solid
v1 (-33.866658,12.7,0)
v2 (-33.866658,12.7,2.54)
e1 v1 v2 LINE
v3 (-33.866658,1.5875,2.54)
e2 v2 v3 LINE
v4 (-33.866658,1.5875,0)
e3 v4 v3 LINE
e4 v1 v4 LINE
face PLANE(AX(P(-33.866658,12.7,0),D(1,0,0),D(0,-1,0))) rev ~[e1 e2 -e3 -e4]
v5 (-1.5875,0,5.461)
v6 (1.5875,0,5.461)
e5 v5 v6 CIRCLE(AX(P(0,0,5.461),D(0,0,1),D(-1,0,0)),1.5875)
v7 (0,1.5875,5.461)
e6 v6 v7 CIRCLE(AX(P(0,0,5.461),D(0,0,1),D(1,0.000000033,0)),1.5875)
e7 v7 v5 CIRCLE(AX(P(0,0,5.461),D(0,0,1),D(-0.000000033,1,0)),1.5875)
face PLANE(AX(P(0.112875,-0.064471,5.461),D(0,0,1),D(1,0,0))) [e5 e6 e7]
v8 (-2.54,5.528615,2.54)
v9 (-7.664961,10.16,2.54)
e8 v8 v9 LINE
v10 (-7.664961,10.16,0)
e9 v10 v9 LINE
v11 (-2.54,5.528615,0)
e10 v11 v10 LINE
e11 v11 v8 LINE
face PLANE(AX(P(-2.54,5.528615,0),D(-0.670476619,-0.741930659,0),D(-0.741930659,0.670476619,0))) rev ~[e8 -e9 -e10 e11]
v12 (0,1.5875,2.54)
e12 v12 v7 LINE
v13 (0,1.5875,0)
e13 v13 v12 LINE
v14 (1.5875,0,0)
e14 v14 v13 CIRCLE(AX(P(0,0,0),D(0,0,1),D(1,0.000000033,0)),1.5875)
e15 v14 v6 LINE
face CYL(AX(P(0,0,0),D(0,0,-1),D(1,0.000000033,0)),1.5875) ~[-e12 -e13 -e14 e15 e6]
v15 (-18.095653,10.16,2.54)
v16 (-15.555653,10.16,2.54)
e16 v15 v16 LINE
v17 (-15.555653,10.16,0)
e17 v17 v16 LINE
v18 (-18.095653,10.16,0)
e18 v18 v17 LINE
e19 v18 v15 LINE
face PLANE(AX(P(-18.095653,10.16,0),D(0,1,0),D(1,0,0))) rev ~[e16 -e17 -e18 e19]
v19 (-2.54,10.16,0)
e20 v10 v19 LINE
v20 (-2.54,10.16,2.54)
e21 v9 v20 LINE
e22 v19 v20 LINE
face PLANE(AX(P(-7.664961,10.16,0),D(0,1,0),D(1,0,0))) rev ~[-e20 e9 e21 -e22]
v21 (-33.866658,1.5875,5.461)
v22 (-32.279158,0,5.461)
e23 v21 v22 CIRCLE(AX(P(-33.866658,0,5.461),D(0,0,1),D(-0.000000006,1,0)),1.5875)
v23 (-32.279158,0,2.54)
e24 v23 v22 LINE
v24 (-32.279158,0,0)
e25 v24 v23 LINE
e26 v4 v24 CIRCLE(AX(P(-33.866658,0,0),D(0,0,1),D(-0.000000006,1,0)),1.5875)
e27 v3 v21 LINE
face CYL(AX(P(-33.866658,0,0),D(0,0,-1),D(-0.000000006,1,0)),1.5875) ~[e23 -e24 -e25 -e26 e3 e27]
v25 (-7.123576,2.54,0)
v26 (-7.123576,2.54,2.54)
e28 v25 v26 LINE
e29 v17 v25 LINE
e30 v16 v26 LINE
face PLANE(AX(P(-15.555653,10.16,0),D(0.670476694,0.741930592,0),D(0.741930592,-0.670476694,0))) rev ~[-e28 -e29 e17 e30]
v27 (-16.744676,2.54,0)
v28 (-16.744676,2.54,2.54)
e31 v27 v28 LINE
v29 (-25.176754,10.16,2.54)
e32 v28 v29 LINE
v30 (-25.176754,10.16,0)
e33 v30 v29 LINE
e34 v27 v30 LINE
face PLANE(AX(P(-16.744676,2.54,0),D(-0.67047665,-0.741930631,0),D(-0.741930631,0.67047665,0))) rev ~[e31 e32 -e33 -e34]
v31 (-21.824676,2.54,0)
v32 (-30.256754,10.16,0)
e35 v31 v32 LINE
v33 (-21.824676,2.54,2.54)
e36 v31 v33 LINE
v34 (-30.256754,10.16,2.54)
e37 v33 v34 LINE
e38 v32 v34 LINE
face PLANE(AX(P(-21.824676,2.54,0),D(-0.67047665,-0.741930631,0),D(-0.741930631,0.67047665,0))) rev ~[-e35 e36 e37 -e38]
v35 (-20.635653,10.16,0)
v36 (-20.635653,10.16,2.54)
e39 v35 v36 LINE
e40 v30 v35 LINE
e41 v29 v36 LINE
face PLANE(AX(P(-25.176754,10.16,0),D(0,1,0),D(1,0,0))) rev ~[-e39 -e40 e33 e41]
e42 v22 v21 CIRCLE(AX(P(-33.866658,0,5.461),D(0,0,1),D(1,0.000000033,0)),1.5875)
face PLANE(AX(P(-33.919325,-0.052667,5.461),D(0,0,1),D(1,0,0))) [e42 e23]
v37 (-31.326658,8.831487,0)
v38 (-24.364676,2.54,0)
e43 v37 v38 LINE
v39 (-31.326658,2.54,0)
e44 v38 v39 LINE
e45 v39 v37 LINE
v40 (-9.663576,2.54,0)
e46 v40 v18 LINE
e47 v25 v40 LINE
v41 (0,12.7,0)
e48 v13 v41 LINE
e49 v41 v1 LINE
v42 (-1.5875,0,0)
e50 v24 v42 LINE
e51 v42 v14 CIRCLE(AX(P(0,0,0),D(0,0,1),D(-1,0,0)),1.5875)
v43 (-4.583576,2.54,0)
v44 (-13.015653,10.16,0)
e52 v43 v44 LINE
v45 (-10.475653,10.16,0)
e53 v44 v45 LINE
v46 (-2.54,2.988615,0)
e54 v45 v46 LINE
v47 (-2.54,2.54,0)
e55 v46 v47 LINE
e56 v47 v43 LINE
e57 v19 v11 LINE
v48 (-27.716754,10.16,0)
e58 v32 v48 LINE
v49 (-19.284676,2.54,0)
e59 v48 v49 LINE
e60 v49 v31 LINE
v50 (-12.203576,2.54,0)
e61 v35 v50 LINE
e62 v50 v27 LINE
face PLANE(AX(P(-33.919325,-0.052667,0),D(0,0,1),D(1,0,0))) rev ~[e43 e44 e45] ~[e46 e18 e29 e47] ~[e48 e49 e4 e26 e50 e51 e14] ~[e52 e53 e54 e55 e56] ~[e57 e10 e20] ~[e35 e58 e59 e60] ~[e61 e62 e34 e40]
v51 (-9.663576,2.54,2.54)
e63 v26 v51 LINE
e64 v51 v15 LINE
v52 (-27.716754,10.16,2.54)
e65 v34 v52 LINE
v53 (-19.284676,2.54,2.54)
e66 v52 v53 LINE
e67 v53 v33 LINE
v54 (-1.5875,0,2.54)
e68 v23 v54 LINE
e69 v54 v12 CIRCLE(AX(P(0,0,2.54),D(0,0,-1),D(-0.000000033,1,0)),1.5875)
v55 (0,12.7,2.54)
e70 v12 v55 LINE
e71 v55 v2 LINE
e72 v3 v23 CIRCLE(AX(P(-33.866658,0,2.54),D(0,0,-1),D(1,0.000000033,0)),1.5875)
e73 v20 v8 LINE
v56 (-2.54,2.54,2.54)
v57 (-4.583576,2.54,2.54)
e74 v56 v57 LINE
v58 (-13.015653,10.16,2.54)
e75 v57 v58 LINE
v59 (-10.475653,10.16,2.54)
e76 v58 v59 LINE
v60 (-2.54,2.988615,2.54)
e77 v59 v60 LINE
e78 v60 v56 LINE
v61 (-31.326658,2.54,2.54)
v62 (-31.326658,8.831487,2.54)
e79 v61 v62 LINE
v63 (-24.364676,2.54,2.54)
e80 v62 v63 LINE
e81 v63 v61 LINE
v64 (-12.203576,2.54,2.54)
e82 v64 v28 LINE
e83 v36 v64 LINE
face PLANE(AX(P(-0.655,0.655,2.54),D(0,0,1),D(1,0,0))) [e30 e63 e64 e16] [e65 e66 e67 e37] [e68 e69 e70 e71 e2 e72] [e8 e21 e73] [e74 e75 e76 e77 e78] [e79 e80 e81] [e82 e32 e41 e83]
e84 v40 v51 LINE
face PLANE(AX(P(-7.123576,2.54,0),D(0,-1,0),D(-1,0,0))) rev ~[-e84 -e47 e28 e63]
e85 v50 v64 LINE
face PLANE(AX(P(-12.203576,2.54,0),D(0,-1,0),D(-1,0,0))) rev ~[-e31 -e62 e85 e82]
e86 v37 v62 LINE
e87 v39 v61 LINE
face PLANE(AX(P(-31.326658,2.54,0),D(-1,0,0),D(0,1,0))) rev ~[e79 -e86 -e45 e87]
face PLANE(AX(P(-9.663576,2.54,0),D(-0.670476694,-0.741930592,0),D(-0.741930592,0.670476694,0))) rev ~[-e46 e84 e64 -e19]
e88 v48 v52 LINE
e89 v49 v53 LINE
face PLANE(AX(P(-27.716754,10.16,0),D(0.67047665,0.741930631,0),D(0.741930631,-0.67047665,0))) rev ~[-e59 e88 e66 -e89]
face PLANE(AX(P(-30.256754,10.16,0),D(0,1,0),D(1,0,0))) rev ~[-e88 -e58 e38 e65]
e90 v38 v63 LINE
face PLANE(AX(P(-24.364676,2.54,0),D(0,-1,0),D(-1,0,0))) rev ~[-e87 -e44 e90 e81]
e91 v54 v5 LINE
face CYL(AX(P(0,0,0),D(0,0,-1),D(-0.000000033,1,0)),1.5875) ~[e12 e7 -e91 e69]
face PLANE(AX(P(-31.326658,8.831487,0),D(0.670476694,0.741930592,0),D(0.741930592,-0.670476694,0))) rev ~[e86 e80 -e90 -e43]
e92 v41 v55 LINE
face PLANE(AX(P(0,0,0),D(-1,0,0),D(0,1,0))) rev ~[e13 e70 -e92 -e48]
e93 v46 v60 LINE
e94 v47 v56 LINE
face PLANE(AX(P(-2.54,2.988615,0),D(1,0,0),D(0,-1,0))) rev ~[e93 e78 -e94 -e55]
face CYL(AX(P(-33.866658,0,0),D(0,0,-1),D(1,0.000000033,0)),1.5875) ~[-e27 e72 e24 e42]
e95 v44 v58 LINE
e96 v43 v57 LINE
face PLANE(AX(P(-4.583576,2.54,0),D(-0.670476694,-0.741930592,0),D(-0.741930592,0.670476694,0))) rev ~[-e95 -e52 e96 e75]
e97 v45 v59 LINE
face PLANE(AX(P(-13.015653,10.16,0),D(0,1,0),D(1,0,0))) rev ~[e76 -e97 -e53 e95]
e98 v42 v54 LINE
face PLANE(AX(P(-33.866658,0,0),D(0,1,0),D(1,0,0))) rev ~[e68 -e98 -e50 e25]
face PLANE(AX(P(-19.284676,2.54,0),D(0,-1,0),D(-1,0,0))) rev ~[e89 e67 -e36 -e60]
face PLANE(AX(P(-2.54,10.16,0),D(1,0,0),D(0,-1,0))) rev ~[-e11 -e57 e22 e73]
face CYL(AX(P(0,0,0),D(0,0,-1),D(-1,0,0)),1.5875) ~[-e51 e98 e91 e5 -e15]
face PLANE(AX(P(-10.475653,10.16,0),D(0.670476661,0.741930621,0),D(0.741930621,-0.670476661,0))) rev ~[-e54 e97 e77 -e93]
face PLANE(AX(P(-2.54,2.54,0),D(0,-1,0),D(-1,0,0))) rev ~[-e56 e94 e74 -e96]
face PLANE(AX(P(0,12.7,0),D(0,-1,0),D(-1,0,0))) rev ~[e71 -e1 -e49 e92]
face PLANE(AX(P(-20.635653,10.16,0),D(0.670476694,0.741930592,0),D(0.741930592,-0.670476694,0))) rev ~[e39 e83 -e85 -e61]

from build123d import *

# Parameters (mm, degrees)
F1_DEPTH = 2.54
F2_DEPTH = 5.461


with BuildPart() as f1:
    # F0 (on Top) → F1 (new body)
    with BuildSketch(Plane.XY):
        with BuildLine():
            Line((0, 0), (0, 1.5875))
            ThreePointArc((0, 1.5875), (-1.122532, 1.122532), (-1.5875, 0))
            Line((-1.5875, 0), (0, 0))
        make_face()
        with BuildLine():
            ThreePointArc((-32.279158, 0), (-32.744126, 1.122532), (-33.866658, 1.5875))
            Line((-33.866658, 1.5875), (-33.866658, 0))
            Line((-33.866658, 0), (-32.279158, 0))
        make_face()
        with BuildLine():
            ThreePointArc((-1.5875, 0), (-1.122532, 1.122532), (0, 1.5875))
            Line((0, 1.5875), (0, 12.7))
            Line((0, 12.7), (-33.866658, 12.7))
            Line((-33.866658, 12.7), (-33.866658, 9.68375))
            Line((-33.866658, 9.68375), (-33.866658, 7.14375))
            Line((-33.866658, 7.14375), (-33.866658, 1.5875))
            ThreePointArc((-33.866658, 1.5875), (-32.744126, 1.122532), (-32.279158, 0))
            Line((-32.279158, 0), (-25.961585, 0))
            Line((-25.961585, 0), (-23.421585, 0))
            Line((-23.421585, 0), (-16.473984, 0))
            Line((-16.473984, 0), (-13.933984, 0))
            Line((-13.933984, 0), (-1.5875, 0))
        make_face()
        Polygon((-30.256754, 10.16), (-27.716754, 10.16), (-25.176754, 10.16), (-20.635653, 10.16), (-18.095653, 10.16), (-15.555653, 10.16), (-13.015653, 10.16), (-10.475653, 10.16), (-7.664961, 10.16), (-2.54, 10.16), (-2.54, 5.528615), (-2.54, 2.988615), (-2.54, 2.54), (-4.583576, 2.54), (-7.123576, 2.54), (-9.663576, 2.54), (-12.203576, 2.54), (-16.744676, 2.54), (-19.284676, 2.54), (-21.824676, 2.54), (-24.364676, 2.54), (-31.326658, 2.54), (-31.326658, 8.831487), (-31.326658, 10.16), align=None, mode=Mode.SUBTRACT)
        Polygon((-25.176754, 10.16), (-27.716754, 10.16), (-19.284676, 2.54), (-16.744676, 2.54), align=None)
        Polygon((-21.824676, 2.54), (-30.256754, 10.16), (-31.326658, 10.16), (-31.326658, 8.831487), (-24.364676, 2.54), align=None)
        Polygon((-18.095653, 10.16), (-20.635653, 10.16), (-12.203576, 2.54), (-9.663576, 2.54), align=None)
        Polygon((-13.015653, 10.16), (-15.555653, 10.16), (-7.123576, 2.54), (-4.583576, 2.54), align=None)
        Polygon((-7.664961, 10.16), (-10.475653, 10.16), (-2.54, 2.988615), (-2.54, 5.528615), align=None)
    extrude(amount=F1_DEPTH)

    # F0 (on Top) → F2 (join)
    with BuildSketch(Plane.XY):
        with BuildLine():
            Line((-33.866658, 0), (-33.866658, 1.5875))
            ThreePointArc((-33.866658, 1.5875), (-34.98919, -1.122532), (-32.279158, 0))
            Line((-32.279158, 0), (-33.866658, 0))
        make_face()
        with BuildLine():
            ThreePointArc((1.5875, 0), (1.122532, 1.122532), (0, 1.5875))
            Line((0, 1.5875), (0, 0))
            Line((0, 0), (-1.5875, 0))
            ThreePointArc((-1.5875, 0), (0, -1.5875), (1.5875, 0))
        make_face()
        with BuildLine():
            ThreePointArc((-32.279158, 0), (-32.744126, 1.122532), (-33.866658, 1.5875))
            Line((-33.866658, 1.5875), (-33.866658, 0))
            Line((-33.866658, 0), (-32.279158, 0))
        make_face()
        with BuildLine():
            Line((0, 0), (0, 1.5875))
            ThreePointArc((0, 1.5875), (-1.122532, 1.122532), (-1.5875, 0))
            Line((-1.5875, 0), (0, 0))
        make_face()
    extrude(amount=F2_DEPTH)


solid = f1.part
